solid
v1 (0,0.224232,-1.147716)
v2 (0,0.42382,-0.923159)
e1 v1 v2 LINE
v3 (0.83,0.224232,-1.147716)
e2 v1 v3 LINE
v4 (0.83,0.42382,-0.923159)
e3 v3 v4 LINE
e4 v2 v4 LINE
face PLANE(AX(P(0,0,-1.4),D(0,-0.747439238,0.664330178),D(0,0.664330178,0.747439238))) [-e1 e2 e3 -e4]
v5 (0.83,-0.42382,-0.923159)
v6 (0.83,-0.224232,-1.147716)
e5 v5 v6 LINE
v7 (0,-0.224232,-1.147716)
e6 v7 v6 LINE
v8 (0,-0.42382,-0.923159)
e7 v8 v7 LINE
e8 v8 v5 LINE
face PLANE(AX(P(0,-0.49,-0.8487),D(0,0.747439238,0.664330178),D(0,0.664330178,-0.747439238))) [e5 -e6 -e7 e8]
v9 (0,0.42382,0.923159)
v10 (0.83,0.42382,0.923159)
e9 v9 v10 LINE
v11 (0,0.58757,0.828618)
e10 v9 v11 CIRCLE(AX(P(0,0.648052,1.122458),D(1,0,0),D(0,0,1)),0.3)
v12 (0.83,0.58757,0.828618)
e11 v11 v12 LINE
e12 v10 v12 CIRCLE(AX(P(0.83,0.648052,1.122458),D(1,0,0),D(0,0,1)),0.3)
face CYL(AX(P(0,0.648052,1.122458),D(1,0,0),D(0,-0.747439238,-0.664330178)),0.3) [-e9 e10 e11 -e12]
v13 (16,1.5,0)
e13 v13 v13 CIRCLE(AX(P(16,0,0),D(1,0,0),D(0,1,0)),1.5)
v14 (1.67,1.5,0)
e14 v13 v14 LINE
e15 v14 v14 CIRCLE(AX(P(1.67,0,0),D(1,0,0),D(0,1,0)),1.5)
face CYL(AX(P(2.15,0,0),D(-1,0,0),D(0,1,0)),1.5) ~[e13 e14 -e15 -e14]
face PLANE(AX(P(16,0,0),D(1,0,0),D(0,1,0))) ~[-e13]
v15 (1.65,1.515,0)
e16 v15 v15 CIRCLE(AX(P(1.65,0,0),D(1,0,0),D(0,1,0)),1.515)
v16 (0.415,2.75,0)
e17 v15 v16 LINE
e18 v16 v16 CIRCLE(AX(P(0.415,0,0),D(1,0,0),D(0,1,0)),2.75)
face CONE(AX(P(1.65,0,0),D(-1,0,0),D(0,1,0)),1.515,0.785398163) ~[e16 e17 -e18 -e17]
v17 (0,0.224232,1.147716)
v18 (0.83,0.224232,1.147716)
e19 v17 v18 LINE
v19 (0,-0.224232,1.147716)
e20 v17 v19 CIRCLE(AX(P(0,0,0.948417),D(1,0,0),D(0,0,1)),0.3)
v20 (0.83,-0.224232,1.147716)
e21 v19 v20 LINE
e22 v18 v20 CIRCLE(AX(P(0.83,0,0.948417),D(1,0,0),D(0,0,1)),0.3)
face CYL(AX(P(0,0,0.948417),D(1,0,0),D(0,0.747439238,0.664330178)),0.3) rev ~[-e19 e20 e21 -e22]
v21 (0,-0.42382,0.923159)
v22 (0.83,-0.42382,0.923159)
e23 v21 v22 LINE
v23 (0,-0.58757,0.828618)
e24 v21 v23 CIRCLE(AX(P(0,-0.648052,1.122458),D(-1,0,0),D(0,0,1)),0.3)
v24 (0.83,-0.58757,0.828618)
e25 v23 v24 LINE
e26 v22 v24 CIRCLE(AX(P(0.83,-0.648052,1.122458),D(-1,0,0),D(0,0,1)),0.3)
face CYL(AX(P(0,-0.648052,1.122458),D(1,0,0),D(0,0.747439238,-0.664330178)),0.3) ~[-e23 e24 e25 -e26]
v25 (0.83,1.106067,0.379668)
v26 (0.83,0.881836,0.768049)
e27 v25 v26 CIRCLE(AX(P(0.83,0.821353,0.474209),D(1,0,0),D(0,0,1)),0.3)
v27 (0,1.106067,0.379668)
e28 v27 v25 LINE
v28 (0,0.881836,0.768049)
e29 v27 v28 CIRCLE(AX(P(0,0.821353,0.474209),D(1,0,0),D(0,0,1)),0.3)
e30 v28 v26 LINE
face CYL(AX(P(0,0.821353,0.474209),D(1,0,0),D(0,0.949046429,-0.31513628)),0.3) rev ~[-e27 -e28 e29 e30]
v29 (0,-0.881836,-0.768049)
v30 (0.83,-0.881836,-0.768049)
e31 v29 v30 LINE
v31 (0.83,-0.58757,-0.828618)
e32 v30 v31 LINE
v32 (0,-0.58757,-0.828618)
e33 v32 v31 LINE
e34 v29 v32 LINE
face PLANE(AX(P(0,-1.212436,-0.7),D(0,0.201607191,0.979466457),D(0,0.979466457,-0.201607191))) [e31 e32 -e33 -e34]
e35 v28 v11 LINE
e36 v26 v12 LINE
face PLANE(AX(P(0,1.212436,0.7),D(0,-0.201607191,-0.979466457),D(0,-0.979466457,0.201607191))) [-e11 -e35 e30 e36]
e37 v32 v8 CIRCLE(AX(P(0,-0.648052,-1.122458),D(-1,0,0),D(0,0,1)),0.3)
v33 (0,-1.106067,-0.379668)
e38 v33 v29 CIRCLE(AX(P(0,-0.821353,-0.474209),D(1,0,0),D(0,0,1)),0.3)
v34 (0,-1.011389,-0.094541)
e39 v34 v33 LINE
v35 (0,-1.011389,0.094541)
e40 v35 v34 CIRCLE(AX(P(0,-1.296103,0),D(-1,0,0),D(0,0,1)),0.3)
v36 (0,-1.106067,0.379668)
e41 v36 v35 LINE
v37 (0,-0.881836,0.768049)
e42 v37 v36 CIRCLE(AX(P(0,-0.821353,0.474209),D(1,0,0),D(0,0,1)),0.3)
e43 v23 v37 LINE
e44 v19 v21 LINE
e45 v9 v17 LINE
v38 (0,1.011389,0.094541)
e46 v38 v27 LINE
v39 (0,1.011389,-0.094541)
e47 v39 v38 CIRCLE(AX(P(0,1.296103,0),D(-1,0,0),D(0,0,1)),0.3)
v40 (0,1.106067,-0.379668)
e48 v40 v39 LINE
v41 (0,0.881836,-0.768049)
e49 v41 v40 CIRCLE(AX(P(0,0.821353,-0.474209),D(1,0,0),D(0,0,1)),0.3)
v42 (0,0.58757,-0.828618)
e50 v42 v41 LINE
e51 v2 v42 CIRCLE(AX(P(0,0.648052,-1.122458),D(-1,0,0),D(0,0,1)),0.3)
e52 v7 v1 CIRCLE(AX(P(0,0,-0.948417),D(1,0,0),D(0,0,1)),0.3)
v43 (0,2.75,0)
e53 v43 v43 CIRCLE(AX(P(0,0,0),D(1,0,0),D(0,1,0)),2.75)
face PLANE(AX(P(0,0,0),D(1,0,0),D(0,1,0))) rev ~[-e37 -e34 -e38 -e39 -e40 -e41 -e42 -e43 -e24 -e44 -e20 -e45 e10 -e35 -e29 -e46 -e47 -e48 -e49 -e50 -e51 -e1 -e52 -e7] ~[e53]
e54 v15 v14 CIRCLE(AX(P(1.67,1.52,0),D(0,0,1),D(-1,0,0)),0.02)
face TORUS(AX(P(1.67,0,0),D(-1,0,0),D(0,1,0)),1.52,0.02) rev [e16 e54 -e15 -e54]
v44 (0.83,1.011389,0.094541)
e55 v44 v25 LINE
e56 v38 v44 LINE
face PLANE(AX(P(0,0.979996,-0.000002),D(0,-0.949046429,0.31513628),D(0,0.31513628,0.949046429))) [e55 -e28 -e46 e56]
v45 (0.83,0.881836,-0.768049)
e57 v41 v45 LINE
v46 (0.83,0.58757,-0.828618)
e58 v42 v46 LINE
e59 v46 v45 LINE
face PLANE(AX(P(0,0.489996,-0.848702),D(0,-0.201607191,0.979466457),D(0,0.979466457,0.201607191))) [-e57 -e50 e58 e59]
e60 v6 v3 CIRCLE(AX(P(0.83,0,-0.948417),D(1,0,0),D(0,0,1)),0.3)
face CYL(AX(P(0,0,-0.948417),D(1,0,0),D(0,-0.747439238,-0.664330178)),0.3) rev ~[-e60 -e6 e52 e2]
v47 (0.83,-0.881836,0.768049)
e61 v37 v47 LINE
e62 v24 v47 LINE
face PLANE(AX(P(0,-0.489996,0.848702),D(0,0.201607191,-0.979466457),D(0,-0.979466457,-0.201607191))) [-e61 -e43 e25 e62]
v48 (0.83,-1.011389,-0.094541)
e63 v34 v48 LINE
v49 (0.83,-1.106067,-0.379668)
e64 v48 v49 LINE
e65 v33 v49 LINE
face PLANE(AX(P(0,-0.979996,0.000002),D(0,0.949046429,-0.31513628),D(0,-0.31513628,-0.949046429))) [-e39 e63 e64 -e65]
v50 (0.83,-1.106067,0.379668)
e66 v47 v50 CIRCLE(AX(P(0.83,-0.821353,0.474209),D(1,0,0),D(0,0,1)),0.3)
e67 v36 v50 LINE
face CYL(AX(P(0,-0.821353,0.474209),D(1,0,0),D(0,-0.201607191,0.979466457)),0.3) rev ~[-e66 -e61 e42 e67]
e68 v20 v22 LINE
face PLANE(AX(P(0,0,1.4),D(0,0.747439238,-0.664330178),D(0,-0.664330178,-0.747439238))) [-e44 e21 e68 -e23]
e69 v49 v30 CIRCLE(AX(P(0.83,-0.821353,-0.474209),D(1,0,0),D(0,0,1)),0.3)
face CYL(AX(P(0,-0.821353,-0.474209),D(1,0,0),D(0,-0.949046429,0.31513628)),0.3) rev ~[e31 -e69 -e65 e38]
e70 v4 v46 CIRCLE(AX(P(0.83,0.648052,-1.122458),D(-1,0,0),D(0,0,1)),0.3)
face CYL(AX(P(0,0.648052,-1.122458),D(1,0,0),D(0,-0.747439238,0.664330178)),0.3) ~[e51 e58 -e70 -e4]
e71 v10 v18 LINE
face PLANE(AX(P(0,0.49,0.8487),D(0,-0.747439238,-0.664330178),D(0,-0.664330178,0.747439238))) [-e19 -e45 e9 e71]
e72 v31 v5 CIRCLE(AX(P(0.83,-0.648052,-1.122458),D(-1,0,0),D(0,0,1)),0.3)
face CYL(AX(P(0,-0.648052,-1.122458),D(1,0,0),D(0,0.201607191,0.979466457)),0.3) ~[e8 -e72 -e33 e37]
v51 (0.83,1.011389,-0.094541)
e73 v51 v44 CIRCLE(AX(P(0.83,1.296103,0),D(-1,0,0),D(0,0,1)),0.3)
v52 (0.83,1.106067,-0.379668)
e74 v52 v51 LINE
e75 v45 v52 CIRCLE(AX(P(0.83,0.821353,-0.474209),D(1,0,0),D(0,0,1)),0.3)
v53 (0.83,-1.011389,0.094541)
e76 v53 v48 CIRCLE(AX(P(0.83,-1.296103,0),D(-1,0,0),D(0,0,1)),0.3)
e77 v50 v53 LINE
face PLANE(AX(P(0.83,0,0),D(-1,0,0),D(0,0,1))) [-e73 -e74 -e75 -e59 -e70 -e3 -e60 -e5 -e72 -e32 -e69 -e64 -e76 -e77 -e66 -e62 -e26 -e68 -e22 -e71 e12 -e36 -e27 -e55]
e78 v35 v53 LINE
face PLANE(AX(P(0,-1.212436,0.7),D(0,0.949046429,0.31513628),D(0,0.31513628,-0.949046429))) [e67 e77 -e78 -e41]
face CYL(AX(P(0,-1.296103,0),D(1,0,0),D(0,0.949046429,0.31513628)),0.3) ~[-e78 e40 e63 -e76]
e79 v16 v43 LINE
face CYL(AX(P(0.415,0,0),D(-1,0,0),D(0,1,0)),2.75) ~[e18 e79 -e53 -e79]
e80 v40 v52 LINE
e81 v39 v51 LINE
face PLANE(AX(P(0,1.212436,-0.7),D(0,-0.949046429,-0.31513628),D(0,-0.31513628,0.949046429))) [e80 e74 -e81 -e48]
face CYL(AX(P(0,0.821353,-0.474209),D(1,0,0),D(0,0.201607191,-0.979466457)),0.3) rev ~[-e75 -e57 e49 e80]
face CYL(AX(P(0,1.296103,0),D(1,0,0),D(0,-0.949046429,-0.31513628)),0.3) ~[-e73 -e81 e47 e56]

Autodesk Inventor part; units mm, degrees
ref_plane "YZ Plane" through (0, 0, 0) normal (1, 0, 0) x (0, 1, 0)
ref_plane "XZ Plane" through (0, 0, 0) normal (0, 1, 0) x (-1, 0, 0)
ref_plane "XY Plane" through (0, 0, 0) normal (0, 0, 1) x (1, 0, 0)
sketch "Sketch1" plane through (0, 0, 0) normal (0, 0, 1) x (1, 0, 0)
  line L0 (0, 0) -> (16, 0)
  line L1 (16, 0) -> (16, 1.5)
  line L2 (16, 1.5) -> (2.35, 1.5)
  line L3 (2.35, 1.5) -> (2.15, 1.5)
  line L4 (2.15, 1.5) -> (1.67, 1.5)
  line L5 (1.65, 1.515) -> (1.65, 1.515)
  line L6 (1.65, 1.515) -> (0.415, 2.75)
  line L7 (0.415, 2.75) -> (0, 2.75)
  line L8 (0, 2.75) -> (0, 0)
  line L9 (1.65, 1.515) -> (1.65, 1.52)
  arc A0 (1.65, 1.52) -> (1.67, 1.5) centre (1.67, 1.52) ccw
  dimension "d17" = 16
  dimension "d18" = 0.415
  dimension "d19" = 1.65
  dimension "d20" = 0
  dimension "d21" = 5.5
  dimension "d22" = 3
  dimension "d23" = 3
  dimension "d25" = 45
  dimension "d26" = 0.2
  dimension "d28" = 0.02
  dimension "d29" = 13.65
  dimension "d30" = 0.02
  dimension "d52" = 0.7
revolve "Revolution1" add sketch "Sketch1" angle 360 about axis through (0, 0, 0) along (1, 0, 0)
thread "Thread1" size "M3x0.5" class "6g" standard "ISO Metric profile" length 13.65
sketch "Sketch2" plane through (0, 0, 0) normal (-1, 0, 0) x (0, 0, 1)
  circle A0 centre (0, 0) radius 1.4 construction
  circle A1 centre (0, 0) radius 0.98 construction
  line L0 (0, 0) -> (0.8487, 0.49)
  line L1 (0, 0) -> (0.98, 0) construction
  line L2 (0, 0) -> (0.8487, -0.49)
  line L3 (0, 0) -> (0.98, 0) construction
  line L4 (0.8487, 0.49) -> (1.4, 0)
  line L5 (1.4, 0) -> (0.8487, -0.49)
  dimension "d34" = 2.8
  dimension "d35" = 1.96
  dimension "d39" = 30
  dimension "d40" = 330
extrude "Extrusion1" cut sketch "Sketch2" against normal blind 0.83
pattern_circular "Circular Pattern1" count 6 over 360 about axis through (-10, 0, 0) along (1, 0, 0) of "Extrusion1"
fillet "Fillet1" radius 0.3 12 edges at (0.415, 0.49, 0.8487) (0.415, 0, 1.4) (0.415, -0.49, 0.8487) (0.415, -0.98, 0) (0.415, -1.2124, 0.7) (0.415, -1.2124, -0.7) (0.415, -0.49, -0.8487) (0.415, 0, -1.4) (0.415, 0.49, -0.8487) (0.415, 1.2124, -0.7) (0.415, 0.98, 0) (0.415, 1.2124, 0.7)
equation "\"d32\" = b"
equation "\"d34\" = A_"
equation "\"d35\" = 0.7 * A_"
equation "\"d43\" = t"
equation "\"d48\" = v"
equation "\"d17\" = l_"
equation "\"d18\" = 0.5 * t"
equation "\"d19\" = k"
equation "\"d21\" = dk"
equation "\"d22\" = d"
equation "\"d23\" = ds_"
equation "\"d25\" = 0.5 * headAngle"
equation "\"d26\" = x"
equation "\"d28\" = r"
equation "\"d29\" = b"
equation "\"b\" = 13.65"
equation "\"A_\" = 2.8"
equation "\"t\" = 0.83"
equation "\"v\" = 0.3"
equation "\"l_\" = 16"
equation "\"k\" = 1.65"
equation "\"dk\" = 5.5"
equation "\"d\" = 3"
equation "\"ds_\" = 3"
equation "\"headAngle\" = 90deg"
equation "\"x\" = 0.2"
equation "\"r\" = 0.02"
properties part number "Šroub se zápustnou hlavou a šestiramennou drážkou ISO 14581 - M3x16-4.8" material "Ocel, měkká"
